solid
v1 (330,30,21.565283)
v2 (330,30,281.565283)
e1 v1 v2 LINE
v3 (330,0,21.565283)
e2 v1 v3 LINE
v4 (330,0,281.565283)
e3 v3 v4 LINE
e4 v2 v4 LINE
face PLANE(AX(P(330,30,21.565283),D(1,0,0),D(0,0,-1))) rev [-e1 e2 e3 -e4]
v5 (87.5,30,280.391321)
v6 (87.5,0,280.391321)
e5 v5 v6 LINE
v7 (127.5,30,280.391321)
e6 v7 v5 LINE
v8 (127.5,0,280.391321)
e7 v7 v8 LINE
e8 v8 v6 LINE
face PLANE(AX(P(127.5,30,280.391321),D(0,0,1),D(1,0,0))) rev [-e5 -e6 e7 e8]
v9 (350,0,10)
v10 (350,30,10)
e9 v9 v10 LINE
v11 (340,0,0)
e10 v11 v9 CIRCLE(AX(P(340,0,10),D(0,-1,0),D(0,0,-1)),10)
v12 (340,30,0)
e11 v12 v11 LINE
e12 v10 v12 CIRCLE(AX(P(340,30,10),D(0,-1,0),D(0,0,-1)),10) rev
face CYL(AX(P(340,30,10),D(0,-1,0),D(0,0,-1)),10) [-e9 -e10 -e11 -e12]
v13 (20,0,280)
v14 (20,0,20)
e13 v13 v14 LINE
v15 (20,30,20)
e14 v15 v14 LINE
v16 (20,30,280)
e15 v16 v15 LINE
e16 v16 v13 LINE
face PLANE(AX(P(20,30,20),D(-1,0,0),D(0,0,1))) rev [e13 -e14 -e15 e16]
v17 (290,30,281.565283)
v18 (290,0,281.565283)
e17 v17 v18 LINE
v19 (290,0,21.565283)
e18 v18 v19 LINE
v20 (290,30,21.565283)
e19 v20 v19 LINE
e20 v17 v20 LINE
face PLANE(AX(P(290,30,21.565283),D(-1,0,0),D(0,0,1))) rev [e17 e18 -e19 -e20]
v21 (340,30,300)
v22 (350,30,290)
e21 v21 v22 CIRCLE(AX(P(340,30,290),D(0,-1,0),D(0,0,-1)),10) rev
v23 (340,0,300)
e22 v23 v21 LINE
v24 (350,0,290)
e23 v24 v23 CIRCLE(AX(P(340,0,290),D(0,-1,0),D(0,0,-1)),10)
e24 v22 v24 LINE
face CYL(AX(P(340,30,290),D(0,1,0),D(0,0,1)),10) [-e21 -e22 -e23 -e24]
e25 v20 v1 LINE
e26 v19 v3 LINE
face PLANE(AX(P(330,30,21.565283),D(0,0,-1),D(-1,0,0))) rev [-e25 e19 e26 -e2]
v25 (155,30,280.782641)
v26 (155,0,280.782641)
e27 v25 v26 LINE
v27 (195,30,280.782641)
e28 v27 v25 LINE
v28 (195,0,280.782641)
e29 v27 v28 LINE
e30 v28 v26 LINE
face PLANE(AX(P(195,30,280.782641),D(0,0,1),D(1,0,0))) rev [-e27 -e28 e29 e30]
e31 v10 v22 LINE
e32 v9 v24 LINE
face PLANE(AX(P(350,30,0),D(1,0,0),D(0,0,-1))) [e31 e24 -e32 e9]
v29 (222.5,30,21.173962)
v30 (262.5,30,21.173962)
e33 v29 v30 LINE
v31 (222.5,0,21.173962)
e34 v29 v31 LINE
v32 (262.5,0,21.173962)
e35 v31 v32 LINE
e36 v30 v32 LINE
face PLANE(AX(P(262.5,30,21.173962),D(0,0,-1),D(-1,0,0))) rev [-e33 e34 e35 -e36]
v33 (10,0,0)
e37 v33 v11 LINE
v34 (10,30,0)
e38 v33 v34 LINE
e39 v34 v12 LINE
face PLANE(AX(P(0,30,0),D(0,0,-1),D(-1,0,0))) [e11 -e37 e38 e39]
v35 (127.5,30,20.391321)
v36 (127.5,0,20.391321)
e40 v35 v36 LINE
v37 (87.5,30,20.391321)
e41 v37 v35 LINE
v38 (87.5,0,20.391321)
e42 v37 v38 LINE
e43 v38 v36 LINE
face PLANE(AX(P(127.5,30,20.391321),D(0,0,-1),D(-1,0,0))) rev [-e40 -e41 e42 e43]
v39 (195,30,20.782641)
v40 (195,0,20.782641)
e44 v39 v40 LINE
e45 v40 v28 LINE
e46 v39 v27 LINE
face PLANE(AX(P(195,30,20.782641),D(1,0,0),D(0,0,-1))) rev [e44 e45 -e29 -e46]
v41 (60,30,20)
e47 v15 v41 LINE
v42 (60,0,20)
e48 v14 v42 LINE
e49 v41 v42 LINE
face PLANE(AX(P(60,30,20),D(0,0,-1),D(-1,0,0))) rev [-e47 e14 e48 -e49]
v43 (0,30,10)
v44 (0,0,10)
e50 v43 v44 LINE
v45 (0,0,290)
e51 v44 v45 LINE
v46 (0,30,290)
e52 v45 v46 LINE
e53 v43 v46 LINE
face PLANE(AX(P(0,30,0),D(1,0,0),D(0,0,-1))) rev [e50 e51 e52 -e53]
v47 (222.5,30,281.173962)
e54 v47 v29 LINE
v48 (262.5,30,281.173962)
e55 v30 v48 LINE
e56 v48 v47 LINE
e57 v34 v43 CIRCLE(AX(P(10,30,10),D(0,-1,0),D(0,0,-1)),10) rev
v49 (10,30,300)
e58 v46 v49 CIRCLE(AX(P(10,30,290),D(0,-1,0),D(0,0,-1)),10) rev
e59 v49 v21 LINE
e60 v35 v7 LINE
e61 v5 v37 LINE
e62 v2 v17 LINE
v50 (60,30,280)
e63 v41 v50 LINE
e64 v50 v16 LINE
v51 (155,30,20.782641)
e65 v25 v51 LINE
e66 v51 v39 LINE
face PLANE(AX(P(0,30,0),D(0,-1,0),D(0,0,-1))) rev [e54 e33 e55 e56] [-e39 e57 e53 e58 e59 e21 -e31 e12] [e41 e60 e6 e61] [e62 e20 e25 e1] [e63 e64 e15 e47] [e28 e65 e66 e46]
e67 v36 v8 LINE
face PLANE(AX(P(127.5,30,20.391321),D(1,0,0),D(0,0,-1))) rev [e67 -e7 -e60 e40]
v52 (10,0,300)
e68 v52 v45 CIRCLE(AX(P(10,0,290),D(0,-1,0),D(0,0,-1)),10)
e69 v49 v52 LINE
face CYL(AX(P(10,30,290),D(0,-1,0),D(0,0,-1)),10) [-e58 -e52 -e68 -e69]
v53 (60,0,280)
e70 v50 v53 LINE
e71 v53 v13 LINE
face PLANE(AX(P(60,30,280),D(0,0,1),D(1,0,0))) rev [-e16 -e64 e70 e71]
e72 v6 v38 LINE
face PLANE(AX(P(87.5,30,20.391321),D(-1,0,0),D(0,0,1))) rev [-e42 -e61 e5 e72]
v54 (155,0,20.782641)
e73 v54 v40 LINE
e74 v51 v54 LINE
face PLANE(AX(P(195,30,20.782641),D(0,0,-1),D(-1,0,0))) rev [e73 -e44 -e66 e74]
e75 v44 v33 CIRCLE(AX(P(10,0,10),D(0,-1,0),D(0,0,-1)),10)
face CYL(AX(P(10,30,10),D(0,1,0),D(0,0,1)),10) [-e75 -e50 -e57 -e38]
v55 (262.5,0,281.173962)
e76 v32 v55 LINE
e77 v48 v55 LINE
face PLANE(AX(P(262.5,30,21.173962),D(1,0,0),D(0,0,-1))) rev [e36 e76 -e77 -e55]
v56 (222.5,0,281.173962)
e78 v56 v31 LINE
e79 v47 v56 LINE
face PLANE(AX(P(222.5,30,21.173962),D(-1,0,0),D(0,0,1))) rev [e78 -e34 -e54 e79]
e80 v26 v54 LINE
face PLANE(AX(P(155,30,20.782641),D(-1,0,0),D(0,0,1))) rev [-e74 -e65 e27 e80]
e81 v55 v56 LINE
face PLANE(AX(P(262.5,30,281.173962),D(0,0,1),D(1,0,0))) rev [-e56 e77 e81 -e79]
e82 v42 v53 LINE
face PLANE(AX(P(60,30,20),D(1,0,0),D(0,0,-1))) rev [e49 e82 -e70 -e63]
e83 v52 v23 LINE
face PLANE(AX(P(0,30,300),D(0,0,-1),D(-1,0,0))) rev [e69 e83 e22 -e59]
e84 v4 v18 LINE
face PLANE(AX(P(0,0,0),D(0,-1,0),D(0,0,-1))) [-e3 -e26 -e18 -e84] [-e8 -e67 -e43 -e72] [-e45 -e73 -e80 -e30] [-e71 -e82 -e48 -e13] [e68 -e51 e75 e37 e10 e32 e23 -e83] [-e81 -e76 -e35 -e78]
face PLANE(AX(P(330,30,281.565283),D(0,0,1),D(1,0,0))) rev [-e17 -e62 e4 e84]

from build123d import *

# Parameters (mm, degrees)
SKETCH1_W           = 350
SKETCH1_H           = 300
BOSS_EXTRUDE1_DEPTH = 30
SKETCH3_W           = 40
SKETCH3_H           = 260
CUT_EXTRUDE1_DEPTH  = 31
FILLET1_R           = 10


with BuildPart() as part:
    # Sketch1 → Boss-Extrude1 (new body)
    with BuildSketch(Plane(origin=(0, 0, 0), x_dir=(1, 0, 0), z_dir=(0, 1, 0))):
        with Locations((175, -150)):
            Rectangle(SKETCH1_W, SKETCH1_H)
    extrude(amount=BOSS_EXTRUDE1_DEPTH)

    # Sketch3 → Cut-Extrude1 (cut, through all)
    with BuildSketch(Plane(origin=(0, 0, 0), x_dir=(-1, 0, 0), z_dir=(0, -1, 0))):
        with Locations((-40, -150)):
            Rectangle(SKETCH3_W, SKETCH3_H)
        with Locations((-107.5, -150.391320706)):
            Rectangle(SKETCH3_W, SKETCH3_H)
        with Locations((-175, -150.782641412)):
            Rectangle(SKETCH3_W, SKETCH3_H)
        with Locations((-242.5, -151.173962118)):
            Rectangle(SKETCH3_W, SKETCH3_H)
        with Locations((-310, -151.565282825)):
            Rectangle(SKETCH3_W, SKETCH3_H)
    extrude(amount=-CUT_EXTRUDE1_DEPTH, mode=Mode.SUBTRACT)

    # Fillet1
    fillet1_edges = [part.edges().sort_by_distance(p)[0] for p in [
        (0, 15, 300),
        (0, 15, 0),
        (350, 15, 0),
        (350, 15, 300),
    ]]
    fillet(fillet1_edges, radius=FILLET1_R)


solid = part.part
